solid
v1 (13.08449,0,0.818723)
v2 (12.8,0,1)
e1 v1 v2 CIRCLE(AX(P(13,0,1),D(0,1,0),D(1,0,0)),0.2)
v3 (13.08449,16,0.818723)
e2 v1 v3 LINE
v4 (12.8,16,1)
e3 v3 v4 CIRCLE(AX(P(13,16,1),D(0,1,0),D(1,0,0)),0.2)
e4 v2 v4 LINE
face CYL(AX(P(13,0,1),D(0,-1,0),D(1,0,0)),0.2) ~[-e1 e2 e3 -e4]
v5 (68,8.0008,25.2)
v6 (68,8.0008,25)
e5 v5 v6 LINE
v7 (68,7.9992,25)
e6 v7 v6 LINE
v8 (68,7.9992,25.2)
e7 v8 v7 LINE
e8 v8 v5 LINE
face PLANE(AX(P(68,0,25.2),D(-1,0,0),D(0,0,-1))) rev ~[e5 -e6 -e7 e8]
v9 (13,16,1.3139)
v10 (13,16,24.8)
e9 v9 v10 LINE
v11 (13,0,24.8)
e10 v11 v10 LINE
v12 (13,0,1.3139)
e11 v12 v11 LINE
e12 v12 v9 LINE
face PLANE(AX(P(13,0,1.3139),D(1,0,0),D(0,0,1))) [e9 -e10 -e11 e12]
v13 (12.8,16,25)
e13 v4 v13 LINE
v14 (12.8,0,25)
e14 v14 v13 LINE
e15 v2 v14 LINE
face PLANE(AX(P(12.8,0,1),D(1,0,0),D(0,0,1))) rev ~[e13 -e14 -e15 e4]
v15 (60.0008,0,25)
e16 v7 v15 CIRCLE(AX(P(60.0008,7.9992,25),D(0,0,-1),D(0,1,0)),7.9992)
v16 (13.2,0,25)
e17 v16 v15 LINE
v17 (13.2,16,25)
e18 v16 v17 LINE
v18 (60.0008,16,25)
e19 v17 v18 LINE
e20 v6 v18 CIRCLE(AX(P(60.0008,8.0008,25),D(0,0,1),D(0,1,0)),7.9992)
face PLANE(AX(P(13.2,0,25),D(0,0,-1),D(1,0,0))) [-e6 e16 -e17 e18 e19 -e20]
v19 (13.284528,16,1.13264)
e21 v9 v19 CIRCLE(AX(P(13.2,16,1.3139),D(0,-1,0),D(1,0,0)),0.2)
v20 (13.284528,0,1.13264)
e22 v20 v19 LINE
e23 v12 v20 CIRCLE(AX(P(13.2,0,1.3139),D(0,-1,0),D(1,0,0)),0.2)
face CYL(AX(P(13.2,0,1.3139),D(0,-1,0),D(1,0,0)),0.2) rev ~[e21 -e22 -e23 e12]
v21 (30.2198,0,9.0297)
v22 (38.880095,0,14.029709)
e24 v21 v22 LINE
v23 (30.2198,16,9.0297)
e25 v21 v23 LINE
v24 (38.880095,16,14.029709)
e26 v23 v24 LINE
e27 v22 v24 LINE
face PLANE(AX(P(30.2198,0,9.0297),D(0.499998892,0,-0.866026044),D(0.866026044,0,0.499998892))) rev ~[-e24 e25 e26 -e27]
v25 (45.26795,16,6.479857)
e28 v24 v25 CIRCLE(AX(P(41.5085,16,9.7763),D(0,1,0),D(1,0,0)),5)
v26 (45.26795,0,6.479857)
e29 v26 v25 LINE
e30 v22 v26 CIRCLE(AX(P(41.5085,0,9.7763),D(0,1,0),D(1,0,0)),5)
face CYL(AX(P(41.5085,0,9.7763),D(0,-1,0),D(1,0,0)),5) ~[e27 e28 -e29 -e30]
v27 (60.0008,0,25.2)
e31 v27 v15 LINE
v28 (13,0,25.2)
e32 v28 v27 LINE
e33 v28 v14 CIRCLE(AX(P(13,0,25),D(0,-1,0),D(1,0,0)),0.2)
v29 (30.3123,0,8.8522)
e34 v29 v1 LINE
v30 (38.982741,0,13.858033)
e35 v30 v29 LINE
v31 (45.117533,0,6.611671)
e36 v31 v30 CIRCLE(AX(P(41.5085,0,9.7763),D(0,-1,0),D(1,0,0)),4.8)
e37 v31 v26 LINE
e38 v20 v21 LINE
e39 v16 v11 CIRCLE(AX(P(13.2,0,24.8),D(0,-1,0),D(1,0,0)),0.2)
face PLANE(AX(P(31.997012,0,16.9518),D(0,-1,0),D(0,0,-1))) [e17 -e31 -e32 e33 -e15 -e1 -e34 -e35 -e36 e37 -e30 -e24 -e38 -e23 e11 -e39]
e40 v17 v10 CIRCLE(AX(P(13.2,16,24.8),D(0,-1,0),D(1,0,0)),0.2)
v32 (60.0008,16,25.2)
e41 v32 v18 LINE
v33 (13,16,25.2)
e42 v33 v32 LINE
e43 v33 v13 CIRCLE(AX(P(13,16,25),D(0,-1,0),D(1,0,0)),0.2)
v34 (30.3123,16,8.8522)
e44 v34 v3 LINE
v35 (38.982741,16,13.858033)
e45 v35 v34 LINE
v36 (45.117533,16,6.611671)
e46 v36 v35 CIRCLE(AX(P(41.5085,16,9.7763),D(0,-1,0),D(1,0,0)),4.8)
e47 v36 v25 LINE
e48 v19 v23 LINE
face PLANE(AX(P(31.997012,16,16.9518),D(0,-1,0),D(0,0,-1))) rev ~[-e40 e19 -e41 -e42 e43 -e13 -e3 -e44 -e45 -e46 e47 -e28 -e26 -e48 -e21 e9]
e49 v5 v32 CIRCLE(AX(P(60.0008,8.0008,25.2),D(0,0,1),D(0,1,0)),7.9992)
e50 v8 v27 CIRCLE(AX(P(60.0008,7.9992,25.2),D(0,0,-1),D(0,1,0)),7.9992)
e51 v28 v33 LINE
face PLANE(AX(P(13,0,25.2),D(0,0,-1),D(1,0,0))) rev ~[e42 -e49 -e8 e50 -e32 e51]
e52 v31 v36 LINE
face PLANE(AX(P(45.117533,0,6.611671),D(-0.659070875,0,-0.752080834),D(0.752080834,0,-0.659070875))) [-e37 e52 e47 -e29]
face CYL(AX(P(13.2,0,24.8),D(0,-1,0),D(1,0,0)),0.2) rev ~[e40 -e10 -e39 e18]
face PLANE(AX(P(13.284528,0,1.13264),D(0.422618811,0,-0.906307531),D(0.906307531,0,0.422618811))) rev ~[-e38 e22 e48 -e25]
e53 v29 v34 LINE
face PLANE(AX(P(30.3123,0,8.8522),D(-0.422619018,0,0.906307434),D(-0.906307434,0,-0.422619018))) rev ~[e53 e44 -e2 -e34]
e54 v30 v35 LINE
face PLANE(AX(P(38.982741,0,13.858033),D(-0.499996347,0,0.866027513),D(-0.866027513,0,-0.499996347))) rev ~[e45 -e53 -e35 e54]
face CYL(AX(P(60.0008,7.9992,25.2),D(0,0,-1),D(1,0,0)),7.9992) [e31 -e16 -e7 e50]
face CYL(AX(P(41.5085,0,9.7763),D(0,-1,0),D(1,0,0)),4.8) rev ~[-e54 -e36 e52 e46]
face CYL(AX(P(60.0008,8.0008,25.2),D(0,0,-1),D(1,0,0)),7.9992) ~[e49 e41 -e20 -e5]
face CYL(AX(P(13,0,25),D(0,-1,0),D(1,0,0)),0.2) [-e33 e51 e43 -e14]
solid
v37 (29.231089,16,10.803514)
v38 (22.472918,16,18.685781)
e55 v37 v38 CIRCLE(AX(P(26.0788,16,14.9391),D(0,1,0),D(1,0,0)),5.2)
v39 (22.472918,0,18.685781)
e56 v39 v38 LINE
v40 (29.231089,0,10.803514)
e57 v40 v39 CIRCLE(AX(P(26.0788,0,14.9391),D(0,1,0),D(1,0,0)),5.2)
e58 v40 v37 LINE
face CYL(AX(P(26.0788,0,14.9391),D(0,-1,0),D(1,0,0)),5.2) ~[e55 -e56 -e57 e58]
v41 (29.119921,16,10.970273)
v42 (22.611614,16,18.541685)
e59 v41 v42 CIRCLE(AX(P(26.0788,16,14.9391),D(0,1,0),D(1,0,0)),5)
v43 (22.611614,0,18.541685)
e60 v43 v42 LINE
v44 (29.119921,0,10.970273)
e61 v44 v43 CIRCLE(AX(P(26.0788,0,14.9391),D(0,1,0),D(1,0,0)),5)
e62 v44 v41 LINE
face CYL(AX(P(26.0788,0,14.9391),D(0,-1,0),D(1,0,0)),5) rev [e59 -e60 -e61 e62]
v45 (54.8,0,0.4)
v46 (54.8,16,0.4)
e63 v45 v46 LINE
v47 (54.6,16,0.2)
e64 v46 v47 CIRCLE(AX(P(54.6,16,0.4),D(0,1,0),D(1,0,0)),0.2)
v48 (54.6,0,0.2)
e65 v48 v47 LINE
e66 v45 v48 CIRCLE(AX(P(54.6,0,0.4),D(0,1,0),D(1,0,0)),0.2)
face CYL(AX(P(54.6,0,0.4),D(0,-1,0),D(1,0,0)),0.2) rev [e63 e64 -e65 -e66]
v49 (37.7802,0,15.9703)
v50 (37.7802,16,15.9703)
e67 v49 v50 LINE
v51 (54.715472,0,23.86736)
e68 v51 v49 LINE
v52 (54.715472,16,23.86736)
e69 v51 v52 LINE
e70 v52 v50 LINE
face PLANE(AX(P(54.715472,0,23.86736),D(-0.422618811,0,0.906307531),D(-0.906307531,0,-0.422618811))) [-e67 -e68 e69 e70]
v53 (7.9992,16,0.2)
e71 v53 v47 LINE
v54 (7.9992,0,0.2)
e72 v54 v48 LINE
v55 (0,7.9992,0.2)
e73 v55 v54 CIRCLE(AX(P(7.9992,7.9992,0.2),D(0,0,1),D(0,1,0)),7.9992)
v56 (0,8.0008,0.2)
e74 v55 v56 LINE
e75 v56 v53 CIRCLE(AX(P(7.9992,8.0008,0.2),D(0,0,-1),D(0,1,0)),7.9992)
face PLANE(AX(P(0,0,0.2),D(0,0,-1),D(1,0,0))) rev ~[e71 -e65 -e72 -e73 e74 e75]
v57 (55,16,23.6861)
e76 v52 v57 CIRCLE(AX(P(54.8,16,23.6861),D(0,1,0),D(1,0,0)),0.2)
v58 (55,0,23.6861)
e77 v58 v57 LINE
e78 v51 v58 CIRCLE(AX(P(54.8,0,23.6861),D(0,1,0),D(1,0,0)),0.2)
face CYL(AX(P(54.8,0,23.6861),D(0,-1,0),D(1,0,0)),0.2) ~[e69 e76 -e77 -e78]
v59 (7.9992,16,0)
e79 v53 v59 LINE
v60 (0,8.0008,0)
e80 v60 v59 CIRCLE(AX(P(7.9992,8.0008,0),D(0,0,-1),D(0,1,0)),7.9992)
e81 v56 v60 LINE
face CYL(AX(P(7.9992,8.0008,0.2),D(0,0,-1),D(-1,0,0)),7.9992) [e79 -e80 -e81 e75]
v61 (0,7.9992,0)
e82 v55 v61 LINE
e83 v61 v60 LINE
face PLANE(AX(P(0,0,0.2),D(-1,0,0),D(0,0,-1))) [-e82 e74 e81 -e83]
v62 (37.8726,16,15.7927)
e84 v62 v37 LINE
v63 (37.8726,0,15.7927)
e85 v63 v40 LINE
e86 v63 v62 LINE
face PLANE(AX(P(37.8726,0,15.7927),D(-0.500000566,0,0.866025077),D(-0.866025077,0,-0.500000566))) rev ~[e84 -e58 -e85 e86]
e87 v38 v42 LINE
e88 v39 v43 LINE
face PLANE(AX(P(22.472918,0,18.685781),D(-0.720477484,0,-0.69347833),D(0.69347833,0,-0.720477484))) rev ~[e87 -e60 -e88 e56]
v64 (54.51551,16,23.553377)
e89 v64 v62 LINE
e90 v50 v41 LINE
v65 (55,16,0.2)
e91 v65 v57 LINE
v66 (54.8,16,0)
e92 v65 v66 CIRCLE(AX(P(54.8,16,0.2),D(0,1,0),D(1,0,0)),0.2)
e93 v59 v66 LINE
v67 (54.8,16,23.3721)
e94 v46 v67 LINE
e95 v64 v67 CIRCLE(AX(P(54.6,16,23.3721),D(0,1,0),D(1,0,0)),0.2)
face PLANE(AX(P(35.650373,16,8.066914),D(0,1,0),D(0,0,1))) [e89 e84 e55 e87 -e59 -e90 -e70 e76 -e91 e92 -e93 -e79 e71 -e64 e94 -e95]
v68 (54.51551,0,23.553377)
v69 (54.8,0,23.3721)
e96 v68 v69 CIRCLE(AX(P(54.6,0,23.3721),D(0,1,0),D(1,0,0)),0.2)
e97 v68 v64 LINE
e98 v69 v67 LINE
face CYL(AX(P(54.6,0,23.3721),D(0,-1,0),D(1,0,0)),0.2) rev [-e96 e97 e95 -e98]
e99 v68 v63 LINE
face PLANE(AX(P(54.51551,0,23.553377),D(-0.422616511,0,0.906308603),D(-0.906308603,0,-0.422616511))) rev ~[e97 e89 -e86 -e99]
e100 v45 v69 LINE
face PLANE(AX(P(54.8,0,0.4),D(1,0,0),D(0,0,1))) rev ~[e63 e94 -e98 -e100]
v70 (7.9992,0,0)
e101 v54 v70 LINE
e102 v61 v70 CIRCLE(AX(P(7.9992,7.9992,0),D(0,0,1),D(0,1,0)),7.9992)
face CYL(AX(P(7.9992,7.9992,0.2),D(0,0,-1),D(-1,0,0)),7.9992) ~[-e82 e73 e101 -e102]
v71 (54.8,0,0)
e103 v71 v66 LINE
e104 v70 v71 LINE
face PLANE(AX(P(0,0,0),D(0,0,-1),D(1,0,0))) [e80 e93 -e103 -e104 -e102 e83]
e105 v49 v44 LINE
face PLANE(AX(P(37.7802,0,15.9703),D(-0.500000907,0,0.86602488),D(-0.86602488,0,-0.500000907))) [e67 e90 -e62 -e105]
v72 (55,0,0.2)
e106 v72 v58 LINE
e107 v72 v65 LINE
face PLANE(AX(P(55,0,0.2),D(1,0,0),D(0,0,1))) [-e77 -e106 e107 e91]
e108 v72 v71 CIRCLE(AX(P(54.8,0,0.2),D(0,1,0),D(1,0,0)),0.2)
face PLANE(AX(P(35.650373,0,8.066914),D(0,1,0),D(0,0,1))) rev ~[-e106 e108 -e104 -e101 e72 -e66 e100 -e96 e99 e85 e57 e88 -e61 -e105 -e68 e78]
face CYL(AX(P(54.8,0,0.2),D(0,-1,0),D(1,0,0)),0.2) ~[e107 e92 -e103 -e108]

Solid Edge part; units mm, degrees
sketch "Sketch1" plane through (0, 0, 0) normal (0, -1, 0) x (1, 0, 0)
  line L0 (13, 1.3139) -> (13, 24.8)
  arc A0 (13.2, 25) -> (13, 24.8) centre (13.2, 24.8) ccw
  line L1 (13.2, 25) -> (68, 25)
  line L2 (68, 25.2) -> (68, 25)
  line L3 (13, 25.2) -> (68, 25.2)
  arc A1 (13, 25.2) -> (12.8, 25) centre (13, 25) ccw
  line L4 (12.8, 1) -> (12.8, 25)
  arc A2 (13.0845, 0.8187) -> (12.8, 1) centre (13, 1) cw
  line L5 (30.3123, 8.8522) -> (13.0845, 0.8187)
  line L6 (38.9827, 13.8581) -> (30.3123, 8.8522)
  arc A3 (45.1175, 6.6117) -> (38.9827, 13.8581) centre (41.5085, 9.7763) ccw
  line L7 (45.1175, 6.6117) -> (45.2679, 6.4799)
  arc A4 (38.8801, 14.0297) -> (45.2679, 6.4799) centre (41.5085, 9.7763) cw
  line L8 (30.2198, 9.0297) -> (38.8801, 14.0297)
  line L9 (13.2845, 1.1327) -> (30.2198, 9.0297)
  arc A5 (13, 1.3139) -> (13.2845, 1.1327) centre (13.2, 1.3139) ccw
  arc A6 (55, 0.2) -> (54.8, 0) centre (54.8, 0.2) cw
  line L10 (0, 0) -> (54.8, 0)
  line L11 (0, 0.2) -> (0, 0)
  line L12 (0, 0.2) -> (54.6, 0.2)
  arc A7 (54.8, 0.4) -> (54.6, 0.2) centre (54.6, 0.4) cw
  line L13 (54.8, 0.4) -> (54.8, 23.3721)
  arc A8 (54.5155, 23.5534) -> (54.8, 23.3721) centre (54.6, 23.3721) cw
  line L14 (54.5155, 23.5534) -> (37.8726, 15.7927)
  line L15 (37.8726, 15.7927) -> (29.2311, 10.8035)
  arc A9 (29.2311, 10.8035) -> (22.4729, 18.6858) centre (26.0788, 14.9391) cw
  line L16 (22.4729, 18.6858) -> (22.6116, 18.5417)
  arc A10 (29.1199, 10.9703) -> (22.6116, 18.5417) centre (26.0788, 14.9391) cw
  line L17 (37.7802, 15.9703) -> (29.1199, 10.9703)
  line L18 (54.7155, 23.8673) -> (37.7802, 15.9703)
  arc A11 (54.7155, 23.8673) -> (55, 23.6861) centre (54.8, 23.6861) cw
  line L19 (55, 0.2) -> (55, 23.6861)
extrude "Protrusion1" add sketch "Sketch1" against normal blind 16
fillet "Round_3" radius 8 4 edges at (68, 0, 25.1) (68, 16, 25.1) (0, 0, 0.1) (0, 16, 0.1)
